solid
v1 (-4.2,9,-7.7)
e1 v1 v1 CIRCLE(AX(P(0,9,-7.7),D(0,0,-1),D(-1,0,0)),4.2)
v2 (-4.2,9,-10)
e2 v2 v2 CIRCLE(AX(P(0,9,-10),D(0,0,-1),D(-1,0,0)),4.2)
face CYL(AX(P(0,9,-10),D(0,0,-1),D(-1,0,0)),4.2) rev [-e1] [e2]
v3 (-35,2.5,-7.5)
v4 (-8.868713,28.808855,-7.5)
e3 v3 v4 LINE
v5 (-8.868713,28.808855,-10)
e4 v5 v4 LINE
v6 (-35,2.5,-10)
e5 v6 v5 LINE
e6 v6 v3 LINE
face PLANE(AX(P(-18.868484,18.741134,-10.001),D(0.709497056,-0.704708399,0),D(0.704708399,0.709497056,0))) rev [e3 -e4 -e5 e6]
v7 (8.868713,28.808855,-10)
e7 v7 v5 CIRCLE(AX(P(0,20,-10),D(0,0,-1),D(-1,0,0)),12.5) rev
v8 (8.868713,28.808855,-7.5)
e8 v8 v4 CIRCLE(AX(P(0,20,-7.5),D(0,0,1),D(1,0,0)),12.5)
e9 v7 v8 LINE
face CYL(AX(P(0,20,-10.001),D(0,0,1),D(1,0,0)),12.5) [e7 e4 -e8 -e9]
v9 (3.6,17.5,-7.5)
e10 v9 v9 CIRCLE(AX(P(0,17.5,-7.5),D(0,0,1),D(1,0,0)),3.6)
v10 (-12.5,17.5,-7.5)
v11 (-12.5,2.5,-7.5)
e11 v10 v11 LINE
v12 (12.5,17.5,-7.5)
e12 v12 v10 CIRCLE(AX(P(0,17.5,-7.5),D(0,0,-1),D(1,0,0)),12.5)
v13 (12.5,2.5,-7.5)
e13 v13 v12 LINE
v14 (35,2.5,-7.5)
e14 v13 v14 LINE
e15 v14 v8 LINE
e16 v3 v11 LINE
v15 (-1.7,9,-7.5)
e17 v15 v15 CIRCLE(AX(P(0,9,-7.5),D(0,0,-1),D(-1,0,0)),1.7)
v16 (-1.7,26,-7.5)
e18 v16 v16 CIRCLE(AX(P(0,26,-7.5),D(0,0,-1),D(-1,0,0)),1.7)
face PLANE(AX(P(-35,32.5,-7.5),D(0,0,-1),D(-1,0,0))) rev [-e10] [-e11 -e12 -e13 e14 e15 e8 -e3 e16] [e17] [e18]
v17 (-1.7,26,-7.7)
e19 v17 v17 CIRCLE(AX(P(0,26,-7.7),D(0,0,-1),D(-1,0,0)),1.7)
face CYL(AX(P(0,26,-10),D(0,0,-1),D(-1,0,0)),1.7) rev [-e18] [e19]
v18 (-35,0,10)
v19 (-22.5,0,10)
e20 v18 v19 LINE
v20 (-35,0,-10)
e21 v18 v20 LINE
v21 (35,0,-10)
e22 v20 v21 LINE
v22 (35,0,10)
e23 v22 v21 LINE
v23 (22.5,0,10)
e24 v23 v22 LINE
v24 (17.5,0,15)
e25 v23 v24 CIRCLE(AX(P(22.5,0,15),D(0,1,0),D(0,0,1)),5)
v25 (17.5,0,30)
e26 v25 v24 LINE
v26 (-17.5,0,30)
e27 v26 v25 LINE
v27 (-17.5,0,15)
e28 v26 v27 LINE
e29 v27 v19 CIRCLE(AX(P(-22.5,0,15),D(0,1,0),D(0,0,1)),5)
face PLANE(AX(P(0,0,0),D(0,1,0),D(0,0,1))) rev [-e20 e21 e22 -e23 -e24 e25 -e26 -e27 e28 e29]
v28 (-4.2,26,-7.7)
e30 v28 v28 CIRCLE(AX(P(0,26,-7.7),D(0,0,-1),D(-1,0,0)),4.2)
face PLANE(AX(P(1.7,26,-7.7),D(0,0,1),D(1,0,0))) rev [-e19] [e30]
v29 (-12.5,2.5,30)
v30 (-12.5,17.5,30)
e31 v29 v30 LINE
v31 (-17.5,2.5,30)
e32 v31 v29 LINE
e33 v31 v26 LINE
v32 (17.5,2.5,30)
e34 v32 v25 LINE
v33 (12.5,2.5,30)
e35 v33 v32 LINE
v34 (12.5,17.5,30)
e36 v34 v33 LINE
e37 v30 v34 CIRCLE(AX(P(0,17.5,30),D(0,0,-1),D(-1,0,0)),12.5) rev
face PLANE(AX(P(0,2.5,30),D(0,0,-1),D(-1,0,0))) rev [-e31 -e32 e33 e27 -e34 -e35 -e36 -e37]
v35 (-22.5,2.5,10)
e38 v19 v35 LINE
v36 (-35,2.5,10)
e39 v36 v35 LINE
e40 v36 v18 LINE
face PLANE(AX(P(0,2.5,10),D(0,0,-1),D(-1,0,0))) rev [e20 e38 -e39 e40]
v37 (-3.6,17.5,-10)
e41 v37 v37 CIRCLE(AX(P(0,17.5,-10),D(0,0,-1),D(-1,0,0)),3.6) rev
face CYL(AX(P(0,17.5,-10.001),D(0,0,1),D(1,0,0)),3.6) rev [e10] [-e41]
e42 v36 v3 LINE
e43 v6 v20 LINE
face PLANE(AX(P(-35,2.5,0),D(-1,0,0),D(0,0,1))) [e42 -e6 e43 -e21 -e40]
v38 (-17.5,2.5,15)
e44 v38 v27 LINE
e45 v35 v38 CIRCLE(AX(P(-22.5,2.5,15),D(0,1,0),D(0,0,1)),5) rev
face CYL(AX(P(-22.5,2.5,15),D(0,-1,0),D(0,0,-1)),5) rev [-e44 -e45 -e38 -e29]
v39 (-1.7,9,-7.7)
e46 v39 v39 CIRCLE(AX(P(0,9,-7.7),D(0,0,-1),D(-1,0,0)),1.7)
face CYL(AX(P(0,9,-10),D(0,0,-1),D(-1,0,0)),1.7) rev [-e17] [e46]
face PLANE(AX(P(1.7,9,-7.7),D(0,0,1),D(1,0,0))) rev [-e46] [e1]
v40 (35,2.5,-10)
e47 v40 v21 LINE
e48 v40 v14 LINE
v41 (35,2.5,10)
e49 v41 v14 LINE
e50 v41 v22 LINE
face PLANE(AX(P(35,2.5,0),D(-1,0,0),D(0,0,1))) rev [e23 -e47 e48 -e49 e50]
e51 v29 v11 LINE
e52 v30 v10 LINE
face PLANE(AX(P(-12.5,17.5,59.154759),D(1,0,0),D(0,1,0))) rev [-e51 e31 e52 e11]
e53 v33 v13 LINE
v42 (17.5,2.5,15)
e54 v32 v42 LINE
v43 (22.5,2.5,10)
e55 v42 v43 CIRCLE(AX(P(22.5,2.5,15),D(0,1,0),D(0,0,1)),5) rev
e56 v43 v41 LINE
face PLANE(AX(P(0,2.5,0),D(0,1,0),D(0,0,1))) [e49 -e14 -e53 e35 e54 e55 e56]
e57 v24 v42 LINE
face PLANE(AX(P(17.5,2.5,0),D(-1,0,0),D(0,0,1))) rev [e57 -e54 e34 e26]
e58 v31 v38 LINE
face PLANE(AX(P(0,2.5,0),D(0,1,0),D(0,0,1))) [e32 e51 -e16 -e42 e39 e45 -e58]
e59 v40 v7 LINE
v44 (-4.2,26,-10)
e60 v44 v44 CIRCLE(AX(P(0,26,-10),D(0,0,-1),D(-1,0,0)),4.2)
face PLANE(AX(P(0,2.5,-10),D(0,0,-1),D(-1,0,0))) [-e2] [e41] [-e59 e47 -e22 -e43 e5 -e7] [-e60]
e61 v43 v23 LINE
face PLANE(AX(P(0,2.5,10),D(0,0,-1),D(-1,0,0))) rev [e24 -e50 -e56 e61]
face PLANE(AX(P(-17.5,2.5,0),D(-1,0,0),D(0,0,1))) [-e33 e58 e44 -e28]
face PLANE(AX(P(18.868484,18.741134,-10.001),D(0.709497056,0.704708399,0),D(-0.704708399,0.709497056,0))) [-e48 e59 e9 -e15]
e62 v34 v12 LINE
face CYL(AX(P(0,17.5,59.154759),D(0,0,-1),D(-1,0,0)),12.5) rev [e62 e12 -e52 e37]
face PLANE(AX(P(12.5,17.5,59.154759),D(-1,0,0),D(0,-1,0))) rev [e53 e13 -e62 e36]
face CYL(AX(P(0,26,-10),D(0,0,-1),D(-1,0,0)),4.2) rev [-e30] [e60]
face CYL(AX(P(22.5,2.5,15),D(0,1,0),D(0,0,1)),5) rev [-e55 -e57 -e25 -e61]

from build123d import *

# Parameters (mm, degrees)
BOSS_EXTRUDE1_DEPTH                              = 2.5
FILLET1_R                                        = 5
SKETCH3_W                                        = 70
SKETCH3_H                                        = 2.5
BOSS_EXTRUDE2_DEPTH                              = 30
CUT_EXTRUDE1_REACH                               = 62.725
BOSS_EXTRUDE3_DEPTH                              = 37.5
CUT_EXTRUDE3_REACH                               = 62.725
SKETCH10_R                                       = 3.6
CBORE_FOR_M3_HEX_HEAD_MACHINE_SCREW1_D           = 3.4
CBORE_FOR_M3_HEX_HEAD_MACHINE_SCREW1_CBORE_D     = 8.4
CBORE_FOR_M3_HEX_HEAD_MACHINE_SCREW1_CBORE_DEPTH = 2.3


with BuildPart() as part:
    # Sketch2 → Boss-Extrude1 (new body)
    with BuildSketch(Plane(origin=(0, 0, 0), x_dir=(1, 0, 0), z_dir=(0, 1, 0))):
        Polygon((-17.5, -30), (17.5, -30), (17.5, -10), (35, -10), (35, 10), (-35, 10), (-35, -10), (-17.5, -10), align=None)
    extrude(amount=BOSS_EXTRUDE1_DEPTH)

    # Fillet1
    fillet1_edges = [part.edges().sort_by_distance(p)[0] for p in [
        (-17.5, 1.25, 10),
        (17.5, 1.25, 10),
    ]]
    fillet(fillet1_edges, radius=FILLET1_R)

    # Sketch3 → Boss-Extrude2 (add)
    with BuildSketch(Plane(origin=(0, 2.5, 0), x_dir=(1, 0, 0), z_dir=(0, 1, 0))):
        with Locations((0, 8.75)):
            Rectangle(SKETCH3_W, SKETCH3_H)
    extrude(amount=BOSS_EXTRUDE2_DEPTH)

    # Sketch4 → Cut-Extrude1 (cut, up to next)
    with BuildSketch(Plane.XY.offset(-7.5), mode=Mode.PRIVATE) as cut_extrude1_sk1:
        with BuildLine():
            Line((-35, 32.5), (-35, 2.5))
            Line((-35, 2.5), (-8.868713205, 28.808854982))
            ThreePointArc((-8.868713205, 28.808854982), (-4.803088197, 31.54037884), (3.1e-08, 32.5))
            Line((3.1e-08, 32.5), (-35, 32.5))
        make_face()
    cut_extrude1_tool1 = extrude(cut_extrude1_sk1.sketch, amount=-CUT_EXTRUDE1_REACH, mode=Mode.PRIVATE) & part.part
    # Sketch4 → Cut-Extrude1 (cut, up to next)
    with BuildSketch(Plane.XY.offset(-7.5), mode=Mode.PRIVATE) as cut_extrude1_sk2:
        with BuildLine():
            Line((35, 32.5), (3.1e-08, 32.5))
            ThreePointArc((3.1e-08, 32.5), (4.803088226, 31.540378828), (8.868713205, 28.808854982))
            Line((8.868713205, 28.808854982), (35, 2.5))
            Line((35, 2.5), (35, 32.5))
        make_face()
    cut_extrude1_tool2 = extrude(cut_extrude1_sk2.sketch, amount=-CUT_EXTRUDE1_REACH, mode=Mode.PRIVATE) & part.part
    add(cut_extrude1_tool1.solids().sort_by_distance((-24.914818, 22.569917, -7.5))[0], mode=Mode.SUBTRACT)
    add(cut_extrude1_tool2.solids().sort_by_distance((24.914818, 22.569917, -7.5))[0], mode=Mode.SUBTRACT)

    # Sketch7 → Boss-Extrude3 (add)
    with BuildSketch(Plane.XY.offset(-7.5)):
        with BuildLine():
            Line((12.5, 17.5), (12.5, 2.5))
            Line((12.5, 2.5), (-12.5, 2.5))
            Line((-12.5, 2.5), (-12.5, 17.5))
            ThreePointArc((-12.5, 17.5), (0, 5), (12.5, 17.5))
        make_face()
    extrude(amount=BOSS_EXTRUDE3_DEPTH)

    # Sketch10 → Cut-Extrude3 (cut, up to next)
    with BuildSketch(Plane.XY.offset(-7.5), mode=Mode.PRIVATE) as cut_extrude3_sk1:
        with Locations((0, 17.5)):
            Circle(SKETCH10_R)
    cut_extrude3_tool1 = extrude(cut_extrude3_sk1.sketch, amount=-CUT_EXTRUDE3_REACH, mode=Mode.PRIVATE) & part.part
    add(cut_extrude3_tool1.solids().sort_by_distance((0, 17.5, -7.5))[0], mode=Mode.SUBTRACT)

    # CBORE for M3 Hex Head Machine Screw1 (through all)
    with Locations(Plane(origin=(0, 0, -10), x_dir=(-1, 0, 0), z_dir=(0, 0, -1))):
        with Locations((0, 26), (0, 9)):
            CounterBoreHole(CBORE_FOR_M3_HEX_HEAD_MACHINE_SCREW1_D / 2, CBORE_FOR_M3_HEX_HEAD_MACHINE_SCREW1_CBORE_D / 2, CBORE_FOR_M3_HEX_HEAD_MACHINE_SCREW1_CBORE_DEPTH)


solid = part.part
